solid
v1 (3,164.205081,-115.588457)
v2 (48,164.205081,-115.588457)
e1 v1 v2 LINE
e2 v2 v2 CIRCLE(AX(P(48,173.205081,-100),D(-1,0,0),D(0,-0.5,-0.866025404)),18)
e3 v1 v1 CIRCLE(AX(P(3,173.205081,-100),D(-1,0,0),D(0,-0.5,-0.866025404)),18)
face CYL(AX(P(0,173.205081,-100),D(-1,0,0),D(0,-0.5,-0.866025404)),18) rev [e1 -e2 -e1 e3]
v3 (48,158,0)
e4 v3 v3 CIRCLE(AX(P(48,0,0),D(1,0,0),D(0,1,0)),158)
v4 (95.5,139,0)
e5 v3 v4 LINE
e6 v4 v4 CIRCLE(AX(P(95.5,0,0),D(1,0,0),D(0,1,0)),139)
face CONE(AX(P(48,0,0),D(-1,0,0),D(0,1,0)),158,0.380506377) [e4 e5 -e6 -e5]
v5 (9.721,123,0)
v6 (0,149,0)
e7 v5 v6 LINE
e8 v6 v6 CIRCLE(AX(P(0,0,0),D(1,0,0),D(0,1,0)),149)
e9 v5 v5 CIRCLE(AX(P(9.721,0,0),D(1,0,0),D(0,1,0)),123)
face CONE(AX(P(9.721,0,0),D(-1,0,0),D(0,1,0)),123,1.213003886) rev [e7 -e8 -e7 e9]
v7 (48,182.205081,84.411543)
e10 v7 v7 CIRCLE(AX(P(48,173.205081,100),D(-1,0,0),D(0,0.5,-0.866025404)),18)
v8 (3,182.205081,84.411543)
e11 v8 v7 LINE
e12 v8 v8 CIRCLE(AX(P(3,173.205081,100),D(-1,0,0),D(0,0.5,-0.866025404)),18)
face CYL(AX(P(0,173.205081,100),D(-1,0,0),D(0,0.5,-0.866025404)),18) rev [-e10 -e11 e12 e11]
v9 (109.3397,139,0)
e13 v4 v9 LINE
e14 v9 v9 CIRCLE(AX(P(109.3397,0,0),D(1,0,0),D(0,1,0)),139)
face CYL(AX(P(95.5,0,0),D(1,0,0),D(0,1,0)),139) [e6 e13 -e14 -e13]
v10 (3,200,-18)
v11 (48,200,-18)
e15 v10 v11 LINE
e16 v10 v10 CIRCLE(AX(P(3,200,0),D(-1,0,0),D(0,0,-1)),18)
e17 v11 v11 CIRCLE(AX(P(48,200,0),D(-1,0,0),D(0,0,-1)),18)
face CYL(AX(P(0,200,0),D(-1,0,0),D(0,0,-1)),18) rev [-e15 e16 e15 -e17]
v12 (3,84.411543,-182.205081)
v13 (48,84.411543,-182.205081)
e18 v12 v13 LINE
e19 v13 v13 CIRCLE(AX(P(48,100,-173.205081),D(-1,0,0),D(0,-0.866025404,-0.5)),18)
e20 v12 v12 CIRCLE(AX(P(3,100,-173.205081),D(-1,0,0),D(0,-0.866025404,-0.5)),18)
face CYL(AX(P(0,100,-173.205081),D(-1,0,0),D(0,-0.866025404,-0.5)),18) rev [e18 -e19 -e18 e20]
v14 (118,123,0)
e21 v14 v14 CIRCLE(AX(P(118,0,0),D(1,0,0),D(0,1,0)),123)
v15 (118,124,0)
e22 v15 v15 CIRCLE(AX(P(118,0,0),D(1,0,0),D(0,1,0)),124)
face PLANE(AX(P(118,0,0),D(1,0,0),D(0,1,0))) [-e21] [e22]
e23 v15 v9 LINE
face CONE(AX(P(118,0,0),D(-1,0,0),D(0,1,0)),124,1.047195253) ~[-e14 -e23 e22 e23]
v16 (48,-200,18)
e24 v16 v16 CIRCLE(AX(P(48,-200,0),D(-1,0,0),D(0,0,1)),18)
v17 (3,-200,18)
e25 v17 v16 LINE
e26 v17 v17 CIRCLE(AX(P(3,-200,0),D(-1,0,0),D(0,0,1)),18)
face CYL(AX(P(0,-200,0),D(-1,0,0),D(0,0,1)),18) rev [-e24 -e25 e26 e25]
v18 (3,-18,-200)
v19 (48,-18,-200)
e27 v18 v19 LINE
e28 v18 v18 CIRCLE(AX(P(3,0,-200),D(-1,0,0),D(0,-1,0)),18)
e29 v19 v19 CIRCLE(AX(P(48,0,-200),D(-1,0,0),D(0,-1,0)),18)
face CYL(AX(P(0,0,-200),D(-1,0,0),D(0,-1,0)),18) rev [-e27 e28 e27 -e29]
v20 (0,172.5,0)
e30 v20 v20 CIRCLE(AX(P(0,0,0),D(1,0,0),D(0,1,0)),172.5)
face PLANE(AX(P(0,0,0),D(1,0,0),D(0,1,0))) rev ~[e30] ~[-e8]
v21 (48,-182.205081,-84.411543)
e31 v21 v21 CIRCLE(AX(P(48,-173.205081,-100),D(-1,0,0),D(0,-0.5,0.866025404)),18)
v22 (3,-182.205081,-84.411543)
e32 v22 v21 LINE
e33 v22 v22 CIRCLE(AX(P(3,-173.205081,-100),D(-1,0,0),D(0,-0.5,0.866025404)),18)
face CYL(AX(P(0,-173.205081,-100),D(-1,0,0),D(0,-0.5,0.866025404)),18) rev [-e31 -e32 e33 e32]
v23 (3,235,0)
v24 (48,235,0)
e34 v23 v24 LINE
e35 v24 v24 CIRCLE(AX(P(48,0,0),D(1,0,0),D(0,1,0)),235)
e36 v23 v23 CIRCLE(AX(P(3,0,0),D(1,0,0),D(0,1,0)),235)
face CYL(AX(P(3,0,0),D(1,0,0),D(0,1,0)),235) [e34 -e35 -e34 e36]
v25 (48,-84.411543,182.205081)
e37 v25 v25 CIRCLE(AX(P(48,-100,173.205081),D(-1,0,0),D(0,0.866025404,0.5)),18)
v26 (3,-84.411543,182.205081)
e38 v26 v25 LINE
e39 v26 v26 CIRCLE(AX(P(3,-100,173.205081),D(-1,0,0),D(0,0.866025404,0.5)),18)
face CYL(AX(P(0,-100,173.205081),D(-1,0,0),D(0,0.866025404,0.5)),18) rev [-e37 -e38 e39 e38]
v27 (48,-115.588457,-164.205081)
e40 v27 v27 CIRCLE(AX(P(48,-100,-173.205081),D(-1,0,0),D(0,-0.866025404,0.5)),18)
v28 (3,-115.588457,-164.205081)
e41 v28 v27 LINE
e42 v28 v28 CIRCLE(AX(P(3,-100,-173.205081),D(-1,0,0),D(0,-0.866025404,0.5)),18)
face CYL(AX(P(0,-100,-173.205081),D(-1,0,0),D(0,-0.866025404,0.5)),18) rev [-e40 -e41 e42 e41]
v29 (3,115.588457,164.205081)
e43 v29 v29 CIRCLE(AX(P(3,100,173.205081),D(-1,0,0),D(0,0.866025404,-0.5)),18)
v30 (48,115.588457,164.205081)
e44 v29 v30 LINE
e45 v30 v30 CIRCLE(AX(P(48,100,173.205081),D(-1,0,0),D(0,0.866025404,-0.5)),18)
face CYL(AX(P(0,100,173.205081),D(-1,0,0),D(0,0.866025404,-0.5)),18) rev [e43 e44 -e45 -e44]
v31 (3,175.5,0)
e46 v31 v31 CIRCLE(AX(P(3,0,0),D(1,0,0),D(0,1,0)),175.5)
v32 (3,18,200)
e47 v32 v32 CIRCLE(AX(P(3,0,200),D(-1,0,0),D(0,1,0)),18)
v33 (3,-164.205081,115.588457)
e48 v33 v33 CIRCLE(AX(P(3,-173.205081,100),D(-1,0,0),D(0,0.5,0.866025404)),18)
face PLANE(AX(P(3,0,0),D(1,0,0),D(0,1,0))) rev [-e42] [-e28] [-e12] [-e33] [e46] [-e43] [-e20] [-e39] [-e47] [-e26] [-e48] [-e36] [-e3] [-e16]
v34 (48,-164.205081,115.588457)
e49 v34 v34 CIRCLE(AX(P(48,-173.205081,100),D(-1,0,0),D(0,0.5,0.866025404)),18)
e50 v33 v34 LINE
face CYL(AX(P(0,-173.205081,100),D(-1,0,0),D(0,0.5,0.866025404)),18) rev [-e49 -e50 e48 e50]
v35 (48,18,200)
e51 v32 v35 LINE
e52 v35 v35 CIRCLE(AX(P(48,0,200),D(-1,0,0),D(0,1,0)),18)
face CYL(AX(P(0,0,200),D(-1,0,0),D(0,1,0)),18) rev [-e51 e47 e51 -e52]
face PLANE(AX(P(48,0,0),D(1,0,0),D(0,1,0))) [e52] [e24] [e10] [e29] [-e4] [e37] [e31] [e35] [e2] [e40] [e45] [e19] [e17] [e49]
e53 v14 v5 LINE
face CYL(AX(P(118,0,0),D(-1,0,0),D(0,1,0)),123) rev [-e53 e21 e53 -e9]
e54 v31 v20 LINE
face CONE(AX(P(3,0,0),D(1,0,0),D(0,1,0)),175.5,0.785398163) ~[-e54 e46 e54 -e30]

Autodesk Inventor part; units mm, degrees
ref_plane "YZ Plane" through (0, 0, 0) normal (1, 0, 0) x (0, 1, 0)
ref_plane "XZ Plane" through (0, 0, 0) normal (0, 1, 0) x (-1, 0, 0)
ref_plane "XY Plane" through (0, 0, 0) normal (0, 0, 1) x (1, 0, 0)
sketch "Sketch1" plane through (0, 0, 0) normal (0, 0, 1) x (1, 0, 0)
  line L0 (3, 235) -> (48, 235)
  line L1 (48, 235) -> (48, 158)
  line L2 (3, 175.5) -> (3, 235)
  line L3 (-23.6, 0) -> (141.6, 0) projected
  line L4 (48, 158) -> (95.5, 139)
  line L5 (95.5, 139) -> (109.3397, 139)
  line L6 (118, 124) -> (118, 123)
  line L7 (118, 123) -> (9.721, 123)
  line L8 (3, 175.5) -> (0, 172.5)
  line L9 (0, 172.5) -> (0, 149)
  line L10 (118, 124) -> (109.3397, 139)
  line L11 (9.721, 123) -> (0, 149)
  point P0 (0, 0)
  point P1 (118, 139)
  dimension "d0" = 45
  dimension "d1" = 470
  dimension "d7" = 246
  dimension "d8" = 345
  dimension "d9" = 316
  dimension "d10" = 135
  dimension "d11" = 3
  dimension "d19" = 19
  dimension "d12" = 47.5
  dimension "d13" = 278
  dimension "d14" = 115
  dimension "d15" = 30
  dimension "d16" = 1
  dimension "d17" = 20.5
  dimension "d18" = 298
revolve "Revolution1" add sketch "Sketch1" angle 360 about axis through (-10, 0, 0) along (1, 0, 0)
sketch "Sketch2" plane through (0, 0, 0) normal (1, 0, 0) x (0, 1, 0)
  circle A0 centre (0, 200) radius 18
  line L0 (0, 44.8) -> (0, 25.2) construction
  line L1 (-9.8, 0) -> (9.8, 0) construction
  dimension "d2" = 36
  dimension "d3" = 400
extrude "Extrusion1" cut sketch "Sketch2" along normal through all both and the other way through all
pattern_circular "Circular Pattern1" count 12 over 360 about axis through (-10, 0, 0) along (1, 0, 0) of "Extrusion1"
equation "\"d2\" = d"
equation "\"d3\" = D1_"
equation "\"d0\" = b"
equation "\"d1\" = D_"
equation "\"d7\" = d1__"
equation "\"d8\" = D2_"
equation "\"d9\" = Dm"
equation "\"d11\" = h_"
equation "\"d12\" = 2.5 * d19"
equation "\"d13\" = Dn"
equation "\"d14\" = h4_"
equation "\"d18\" = D7_"
equation "\"b\" = 45"
equation "\"Dm\" = 316"
equation "\"D_\" = 470"
equation "\"D1_\" = 400"
equation "\"D2_\" = 345"
equation "\"d\" = 36"
equation "\"h_\" = 3"
equation "\"d1__\" = 246"
equation "\"h4_\" = 115"
equation "\"Dn\" = 278"
equation "\"D7_\" = 298"
properties part number "Flange 6-250-63-1 GOST 12821-80" material "Steel, Mild"
